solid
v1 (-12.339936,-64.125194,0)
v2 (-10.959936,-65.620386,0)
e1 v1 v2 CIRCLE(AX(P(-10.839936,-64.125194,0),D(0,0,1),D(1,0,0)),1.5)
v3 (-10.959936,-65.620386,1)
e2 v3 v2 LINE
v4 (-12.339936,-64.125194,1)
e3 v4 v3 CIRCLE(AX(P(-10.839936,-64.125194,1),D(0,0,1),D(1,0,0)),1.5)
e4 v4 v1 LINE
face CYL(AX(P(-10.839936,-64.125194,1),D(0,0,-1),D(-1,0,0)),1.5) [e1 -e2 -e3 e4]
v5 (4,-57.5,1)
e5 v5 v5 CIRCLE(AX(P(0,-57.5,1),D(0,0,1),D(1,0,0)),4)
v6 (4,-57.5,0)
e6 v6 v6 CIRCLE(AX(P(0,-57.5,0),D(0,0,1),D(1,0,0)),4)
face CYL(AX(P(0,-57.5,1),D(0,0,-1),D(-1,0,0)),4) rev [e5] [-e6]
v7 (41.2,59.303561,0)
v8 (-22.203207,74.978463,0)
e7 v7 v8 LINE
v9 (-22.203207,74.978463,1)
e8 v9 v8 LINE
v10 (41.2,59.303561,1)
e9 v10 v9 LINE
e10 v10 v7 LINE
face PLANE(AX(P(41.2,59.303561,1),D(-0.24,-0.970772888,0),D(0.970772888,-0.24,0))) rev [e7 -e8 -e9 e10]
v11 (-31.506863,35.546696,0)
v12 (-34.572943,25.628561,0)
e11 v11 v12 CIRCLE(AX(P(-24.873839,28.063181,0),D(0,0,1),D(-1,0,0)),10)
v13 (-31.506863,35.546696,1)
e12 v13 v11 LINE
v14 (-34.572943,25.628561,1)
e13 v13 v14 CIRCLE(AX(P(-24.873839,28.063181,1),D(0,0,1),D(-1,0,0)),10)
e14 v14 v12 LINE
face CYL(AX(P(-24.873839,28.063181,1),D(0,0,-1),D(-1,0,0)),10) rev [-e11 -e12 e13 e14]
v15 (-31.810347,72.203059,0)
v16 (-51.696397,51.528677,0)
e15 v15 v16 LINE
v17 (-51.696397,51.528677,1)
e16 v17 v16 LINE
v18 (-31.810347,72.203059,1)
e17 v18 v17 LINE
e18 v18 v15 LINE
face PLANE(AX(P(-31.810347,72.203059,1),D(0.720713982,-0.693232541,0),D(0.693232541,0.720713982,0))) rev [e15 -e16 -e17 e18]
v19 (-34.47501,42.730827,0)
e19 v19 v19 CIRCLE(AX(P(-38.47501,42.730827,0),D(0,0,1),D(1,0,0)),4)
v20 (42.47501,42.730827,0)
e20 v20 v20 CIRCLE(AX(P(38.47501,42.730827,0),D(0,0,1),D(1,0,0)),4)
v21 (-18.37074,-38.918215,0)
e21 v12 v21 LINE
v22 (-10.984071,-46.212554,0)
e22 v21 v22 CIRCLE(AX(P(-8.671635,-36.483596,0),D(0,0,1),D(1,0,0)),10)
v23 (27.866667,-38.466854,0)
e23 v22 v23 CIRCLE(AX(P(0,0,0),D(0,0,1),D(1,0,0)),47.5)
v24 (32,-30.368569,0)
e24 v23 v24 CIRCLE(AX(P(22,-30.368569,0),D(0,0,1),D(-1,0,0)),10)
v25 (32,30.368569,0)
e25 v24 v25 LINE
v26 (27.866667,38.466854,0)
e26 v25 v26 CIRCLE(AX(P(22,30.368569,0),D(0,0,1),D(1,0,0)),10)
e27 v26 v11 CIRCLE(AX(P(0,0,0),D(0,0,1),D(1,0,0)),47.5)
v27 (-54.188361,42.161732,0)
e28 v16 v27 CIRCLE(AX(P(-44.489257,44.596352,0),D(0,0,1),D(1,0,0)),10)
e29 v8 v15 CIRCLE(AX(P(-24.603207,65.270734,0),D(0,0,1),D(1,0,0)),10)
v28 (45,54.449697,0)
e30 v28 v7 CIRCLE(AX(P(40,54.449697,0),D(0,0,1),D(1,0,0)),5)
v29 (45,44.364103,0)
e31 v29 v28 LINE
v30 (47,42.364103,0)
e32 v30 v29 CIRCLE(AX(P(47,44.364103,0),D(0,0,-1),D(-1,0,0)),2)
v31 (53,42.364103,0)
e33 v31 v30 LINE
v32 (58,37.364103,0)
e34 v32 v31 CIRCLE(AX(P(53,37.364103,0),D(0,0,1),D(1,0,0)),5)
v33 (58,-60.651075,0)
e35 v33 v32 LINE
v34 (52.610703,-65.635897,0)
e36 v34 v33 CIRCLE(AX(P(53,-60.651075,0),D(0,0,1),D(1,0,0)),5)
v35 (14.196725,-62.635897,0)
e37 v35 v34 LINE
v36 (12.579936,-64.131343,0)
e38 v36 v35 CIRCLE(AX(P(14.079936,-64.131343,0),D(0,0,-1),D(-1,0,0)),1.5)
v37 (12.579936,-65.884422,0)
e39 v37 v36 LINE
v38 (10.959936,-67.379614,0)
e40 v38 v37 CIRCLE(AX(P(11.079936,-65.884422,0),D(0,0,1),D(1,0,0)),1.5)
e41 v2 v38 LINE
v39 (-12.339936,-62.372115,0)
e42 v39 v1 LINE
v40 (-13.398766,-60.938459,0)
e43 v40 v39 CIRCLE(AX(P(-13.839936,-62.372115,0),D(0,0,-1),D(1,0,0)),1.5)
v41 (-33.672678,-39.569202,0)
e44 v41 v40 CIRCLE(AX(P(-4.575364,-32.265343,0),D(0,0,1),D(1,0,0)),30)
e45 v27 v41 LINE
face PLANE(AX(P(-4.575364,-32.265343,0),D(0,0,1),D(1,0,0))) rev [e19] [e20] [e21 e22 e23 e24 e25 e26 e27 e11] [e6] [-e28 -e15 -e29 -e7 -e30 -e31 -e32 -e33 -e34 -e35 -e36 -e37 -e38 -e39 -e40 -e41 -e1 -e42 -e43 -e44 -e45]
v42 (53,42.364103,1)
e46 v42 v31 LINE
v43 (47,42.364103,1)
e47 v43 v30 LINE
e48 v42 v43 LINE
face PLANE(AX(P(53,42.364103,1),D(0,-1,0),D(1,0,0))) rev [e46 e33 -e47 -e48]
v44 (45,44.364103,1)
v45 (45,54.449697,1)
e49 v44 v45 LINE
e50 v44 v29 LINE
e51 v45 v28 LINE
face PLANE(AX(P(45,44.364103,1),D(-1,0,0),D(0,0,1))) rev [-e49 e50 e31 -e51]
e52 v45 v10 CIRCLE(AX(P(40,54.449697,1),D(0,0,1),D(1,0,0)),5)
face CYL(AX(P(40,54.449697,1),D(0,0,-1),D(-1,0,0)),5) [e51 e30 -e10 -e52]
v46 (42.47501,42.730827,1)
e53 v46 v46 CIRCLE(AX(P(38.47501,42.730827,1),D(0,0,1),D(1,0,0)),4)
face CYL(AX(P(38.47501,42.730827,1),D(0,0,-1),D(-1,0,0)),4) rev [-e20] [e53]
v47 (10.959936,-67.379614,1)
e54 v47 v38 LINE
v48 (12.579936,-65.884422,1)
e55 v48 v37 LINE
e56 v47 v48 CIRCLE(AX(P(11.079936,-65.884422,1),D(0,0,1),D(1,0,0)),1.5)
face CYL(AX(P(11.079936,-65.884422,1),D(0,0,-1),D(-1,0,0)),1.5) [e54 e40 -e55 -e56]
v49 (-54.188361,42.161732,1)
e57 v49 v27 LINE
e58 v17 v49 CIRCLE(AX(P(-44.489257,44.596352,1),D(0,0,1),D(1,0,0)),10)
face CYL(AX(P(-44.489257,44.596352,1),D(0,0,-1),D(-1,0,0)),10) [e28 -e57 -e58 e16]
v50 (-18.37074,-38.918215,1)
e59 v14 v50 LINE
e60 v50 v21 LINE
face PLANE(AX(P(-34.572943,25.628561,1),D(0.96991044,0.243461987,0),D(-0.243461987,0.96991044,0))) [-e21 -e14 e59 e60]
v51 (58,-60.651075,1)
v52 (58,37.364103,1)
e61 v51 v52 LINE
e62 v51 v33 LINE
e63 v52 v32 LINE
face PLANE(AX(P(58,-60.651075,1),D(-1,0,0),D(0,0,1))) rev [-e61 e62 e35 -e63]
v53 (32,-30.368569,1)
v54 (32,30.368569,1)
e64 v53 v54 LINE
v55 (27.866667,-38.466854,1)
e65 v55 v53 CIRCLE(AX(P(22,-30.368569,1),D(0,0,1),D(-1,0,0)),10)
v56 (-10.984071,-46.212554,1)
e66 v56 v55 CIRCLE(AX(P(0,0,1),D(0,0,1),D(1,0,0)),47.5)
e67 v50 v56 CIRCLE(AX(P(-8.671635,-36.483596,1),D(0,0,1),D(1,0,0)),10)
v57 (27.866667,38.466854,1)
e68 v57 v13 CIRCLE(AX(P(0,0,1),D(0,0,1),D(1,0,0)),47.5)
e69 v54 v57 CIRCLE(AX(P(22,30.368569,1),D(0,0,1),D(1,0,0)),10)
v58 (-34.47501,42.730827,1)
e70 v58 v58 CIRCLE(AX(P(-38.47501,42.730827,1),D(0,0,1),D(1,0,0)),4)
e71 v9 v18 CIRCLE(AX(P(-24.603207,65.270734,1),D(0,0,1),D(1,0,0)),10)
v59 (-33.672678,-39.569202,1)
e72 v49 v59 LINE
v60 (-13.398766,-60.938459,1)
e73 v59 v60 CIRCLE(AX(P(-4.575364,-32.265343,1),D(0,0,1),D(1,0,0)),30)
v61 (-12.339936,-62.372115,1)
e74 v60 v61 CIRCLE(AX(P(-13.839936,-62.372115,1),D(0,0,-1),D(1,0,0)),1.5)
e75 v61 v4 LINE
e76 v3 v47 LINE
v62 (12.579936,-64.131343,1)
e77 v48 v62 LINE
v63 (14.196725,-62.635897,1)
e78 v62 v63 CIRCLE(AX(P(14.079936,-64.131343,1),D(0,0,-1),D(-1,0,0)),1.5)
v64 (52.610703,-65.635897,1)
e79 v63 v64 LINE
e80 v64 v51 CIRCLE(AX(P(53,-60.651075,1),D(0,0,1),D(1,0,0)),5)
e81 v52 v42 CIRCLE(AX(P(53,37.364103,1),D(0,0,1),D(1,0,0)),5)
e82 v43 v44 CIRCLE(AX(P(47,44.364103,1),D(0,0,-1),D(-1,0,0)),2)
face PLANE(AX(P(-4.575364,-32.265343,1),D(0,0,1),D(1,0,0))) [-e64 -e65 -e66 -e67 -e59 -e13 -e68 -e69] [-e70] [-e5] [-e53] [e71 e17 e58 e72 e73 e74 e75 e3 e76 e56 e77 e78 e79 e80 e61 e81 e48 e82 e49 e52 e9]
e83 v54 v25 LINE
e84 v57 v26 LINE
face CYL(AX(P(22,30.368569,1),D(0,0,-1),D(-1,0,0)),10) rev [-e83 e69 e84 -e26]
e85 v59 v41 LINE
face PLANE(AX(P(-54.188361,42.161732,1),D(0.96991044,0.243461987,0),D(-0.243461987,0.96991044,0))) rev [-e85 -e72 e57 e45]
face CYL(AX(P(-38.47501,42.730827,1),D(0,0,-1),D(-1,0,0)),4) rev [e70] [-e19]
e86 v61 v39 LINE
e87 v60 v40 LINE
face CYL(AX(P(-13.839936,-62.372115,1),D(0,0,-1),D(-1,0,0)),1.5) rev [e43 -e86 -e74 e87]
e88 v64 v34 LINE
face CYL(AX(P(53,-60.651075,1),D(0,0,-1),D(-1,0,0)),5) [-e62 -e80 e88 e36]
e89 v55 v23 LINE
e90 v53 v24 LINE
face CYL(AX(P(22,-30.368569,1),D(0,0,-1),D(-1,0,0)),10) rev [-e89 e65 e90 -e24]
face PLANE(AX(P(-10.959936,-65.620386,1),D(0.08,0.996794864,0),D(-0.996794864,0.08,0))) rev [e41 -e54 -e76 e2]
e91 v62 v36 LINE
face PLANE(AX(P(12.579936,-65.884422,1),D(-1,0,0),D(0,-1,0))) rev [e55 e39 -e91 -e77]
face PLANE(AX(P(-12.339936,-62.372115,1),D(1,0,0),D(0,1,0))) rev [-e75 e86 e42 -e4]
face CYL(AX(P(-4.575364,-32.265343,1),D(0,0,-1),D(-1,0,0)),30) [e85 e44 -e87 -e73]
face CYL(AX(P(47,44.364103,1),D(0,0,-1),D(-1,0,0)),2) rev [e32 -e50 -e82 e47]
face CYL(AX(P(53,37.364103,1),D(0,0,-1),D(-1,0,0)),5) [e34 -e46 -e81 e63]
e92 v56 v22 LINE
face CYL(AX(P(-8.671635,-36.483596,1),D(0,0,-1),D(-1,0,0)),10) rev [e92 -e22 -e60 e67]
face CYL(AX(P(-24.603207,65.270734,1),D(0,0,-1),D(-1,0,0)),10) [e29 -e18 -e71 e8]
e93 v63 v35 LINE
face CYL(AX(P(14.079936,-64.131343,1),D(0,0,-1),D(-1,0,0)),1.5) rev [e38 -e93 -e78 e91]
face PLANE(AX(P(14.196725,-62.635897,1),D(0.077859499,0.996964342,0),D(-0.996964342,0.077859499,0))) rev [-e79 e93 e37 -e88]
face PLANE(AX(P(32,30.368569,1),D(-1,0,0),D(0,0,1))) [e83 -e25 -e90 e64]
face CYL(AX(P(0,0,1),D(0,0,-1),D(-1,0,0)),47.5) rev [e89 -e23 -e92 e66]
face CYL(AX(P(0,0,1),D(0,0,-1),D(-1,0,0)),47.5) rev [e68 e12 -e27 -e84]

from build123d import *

# Parameters (mm, degrees)
SKETCH1_R         = 4
BUMPER_LINK_DEPTH = 1


with BuildPart() as part:
    # Sketch1 → Bumper link (new body)
    with BuildSketch(Plane.XY):
        with BuildLine():
            Line((-12.339935794, -62.372114787), (-12.339935794, -64.125193558))
            ThreePointArc((-12.339935794, -64.125193558), (-11.942206179, -65.142543055), (-10.959935794, -65.620385853))
            Line((-10.959935794, -65.620385853), (10.959935794, -67.379614147))
            ThreePointArc((10.959935794, -67.379614147), (12.097285292, -66.986692236), (12.579935794, -65.884421852))
            Line((12.579935794, -65.884421852), (12.579935794, -64.13134308))
            ThreePointArc((12.579935794, -64.13134308), (13.061403486, -63.030165558), (14.196725042, -62.635896568))
            Line((14.196725042, -62.635896568), (52.610702507, -65.635896568))
            ThreePointArc((52.610702507, -65.635896568), (56.395107696, -64.321666601), (58, -60.65107486))
            Line((58, -60.65107486), (58, 37.364103432))
            ThreePointArc((58, 37.364103432), (56.535533906, 40.899637338), (53, 42.364103432))
            Line((53, 42.364103432), (47, 42.364103432))
            ThreePointArc((47, 42.364103432), (45.585786438, 42.94988987), (45, 44.364103432))
            Line((45, 44.364103432), (45, 54.449696626))
            ThreePointArc((45, 54.449696626), (43.937003937, 57.531903627), (41.2, 59.303561066))
            Line((41.2, 59.303561066), (-22.203206715, 74.978462786))
            ThreePointArc((-22.203206715, 74.978462786), (-27.378610186, 74.877873729), (-31.810346538, 72.203059315))
            Line((-31.810346538, 72.203059315), (-51.696396663, 51.528677297))
            ThreePointArc((-51.696396663, 51.528677297), (-54.153116802, 47.167307088), (-54.188361237, 42.161732018))
            Line((-54.188361237, 42.161732018), (-33.67267763, -39.569202441))
            ThreePointArc((-33.67267763, -39.569202441), (-26.339013672, -52.913431655), (-13.39876573, -60.938458979))
            ThreePointArc((-13.39876573, -60.938458979), (-12.633338286, -61.480979302), (-12.339935794, -62.372114787))
        make_face()
        with Locations((0, -57.5)):
            Circle(SKETCH1_R, mode=Mode.SUBTRACT)
        with Locations((-38.475009866, 42.730827465)):
            Circle(SKETCH1_R, mode=Mode.SUBTRACT)
        with Locations((38.475009866, 42.730827465)):
            Circle(SKETCH1_R, mode=Mode.SUBTRACT)
        with BuildLine():
            Line((32, 30.368569278), (32, -30.368569278))
            ThreePointArc((32, -30.368569278), (30.906926144, -34.914629844), (27.866666667, -38.466854419))
            ThreePointArc((27.866666667, -38.466854419), (9.287328638, -46.583210782), (-10.984071313, -46.212554327))
            ThreePointArc((-10.984071313, -46.212554327), (-15.698093899, -43.598992826), (-18.370739643, -38.918215391))
            Line((-18.370739643, -38.918215391), (-34.572943336, 25.628561282))
            ThreePointArc((-34.572943336, 25.628561282), (-34.427736148, 31.016661832), (-31.506862657, 35.546696127))
            ThreePointArc((-31.506862657, 35.546696127), (-2.333364057, 47.442653933), (27.866666667, 38.466854419))
            ThreePointArc((27.866666667, 38.466854419), (30.906926144, 34.914629844), (32, 30.368569278))
        make_face(mode=Mode.SUBTRACT)
    extrude(amount=BUMPER_LINK_DEPTH)


solid = part.part
